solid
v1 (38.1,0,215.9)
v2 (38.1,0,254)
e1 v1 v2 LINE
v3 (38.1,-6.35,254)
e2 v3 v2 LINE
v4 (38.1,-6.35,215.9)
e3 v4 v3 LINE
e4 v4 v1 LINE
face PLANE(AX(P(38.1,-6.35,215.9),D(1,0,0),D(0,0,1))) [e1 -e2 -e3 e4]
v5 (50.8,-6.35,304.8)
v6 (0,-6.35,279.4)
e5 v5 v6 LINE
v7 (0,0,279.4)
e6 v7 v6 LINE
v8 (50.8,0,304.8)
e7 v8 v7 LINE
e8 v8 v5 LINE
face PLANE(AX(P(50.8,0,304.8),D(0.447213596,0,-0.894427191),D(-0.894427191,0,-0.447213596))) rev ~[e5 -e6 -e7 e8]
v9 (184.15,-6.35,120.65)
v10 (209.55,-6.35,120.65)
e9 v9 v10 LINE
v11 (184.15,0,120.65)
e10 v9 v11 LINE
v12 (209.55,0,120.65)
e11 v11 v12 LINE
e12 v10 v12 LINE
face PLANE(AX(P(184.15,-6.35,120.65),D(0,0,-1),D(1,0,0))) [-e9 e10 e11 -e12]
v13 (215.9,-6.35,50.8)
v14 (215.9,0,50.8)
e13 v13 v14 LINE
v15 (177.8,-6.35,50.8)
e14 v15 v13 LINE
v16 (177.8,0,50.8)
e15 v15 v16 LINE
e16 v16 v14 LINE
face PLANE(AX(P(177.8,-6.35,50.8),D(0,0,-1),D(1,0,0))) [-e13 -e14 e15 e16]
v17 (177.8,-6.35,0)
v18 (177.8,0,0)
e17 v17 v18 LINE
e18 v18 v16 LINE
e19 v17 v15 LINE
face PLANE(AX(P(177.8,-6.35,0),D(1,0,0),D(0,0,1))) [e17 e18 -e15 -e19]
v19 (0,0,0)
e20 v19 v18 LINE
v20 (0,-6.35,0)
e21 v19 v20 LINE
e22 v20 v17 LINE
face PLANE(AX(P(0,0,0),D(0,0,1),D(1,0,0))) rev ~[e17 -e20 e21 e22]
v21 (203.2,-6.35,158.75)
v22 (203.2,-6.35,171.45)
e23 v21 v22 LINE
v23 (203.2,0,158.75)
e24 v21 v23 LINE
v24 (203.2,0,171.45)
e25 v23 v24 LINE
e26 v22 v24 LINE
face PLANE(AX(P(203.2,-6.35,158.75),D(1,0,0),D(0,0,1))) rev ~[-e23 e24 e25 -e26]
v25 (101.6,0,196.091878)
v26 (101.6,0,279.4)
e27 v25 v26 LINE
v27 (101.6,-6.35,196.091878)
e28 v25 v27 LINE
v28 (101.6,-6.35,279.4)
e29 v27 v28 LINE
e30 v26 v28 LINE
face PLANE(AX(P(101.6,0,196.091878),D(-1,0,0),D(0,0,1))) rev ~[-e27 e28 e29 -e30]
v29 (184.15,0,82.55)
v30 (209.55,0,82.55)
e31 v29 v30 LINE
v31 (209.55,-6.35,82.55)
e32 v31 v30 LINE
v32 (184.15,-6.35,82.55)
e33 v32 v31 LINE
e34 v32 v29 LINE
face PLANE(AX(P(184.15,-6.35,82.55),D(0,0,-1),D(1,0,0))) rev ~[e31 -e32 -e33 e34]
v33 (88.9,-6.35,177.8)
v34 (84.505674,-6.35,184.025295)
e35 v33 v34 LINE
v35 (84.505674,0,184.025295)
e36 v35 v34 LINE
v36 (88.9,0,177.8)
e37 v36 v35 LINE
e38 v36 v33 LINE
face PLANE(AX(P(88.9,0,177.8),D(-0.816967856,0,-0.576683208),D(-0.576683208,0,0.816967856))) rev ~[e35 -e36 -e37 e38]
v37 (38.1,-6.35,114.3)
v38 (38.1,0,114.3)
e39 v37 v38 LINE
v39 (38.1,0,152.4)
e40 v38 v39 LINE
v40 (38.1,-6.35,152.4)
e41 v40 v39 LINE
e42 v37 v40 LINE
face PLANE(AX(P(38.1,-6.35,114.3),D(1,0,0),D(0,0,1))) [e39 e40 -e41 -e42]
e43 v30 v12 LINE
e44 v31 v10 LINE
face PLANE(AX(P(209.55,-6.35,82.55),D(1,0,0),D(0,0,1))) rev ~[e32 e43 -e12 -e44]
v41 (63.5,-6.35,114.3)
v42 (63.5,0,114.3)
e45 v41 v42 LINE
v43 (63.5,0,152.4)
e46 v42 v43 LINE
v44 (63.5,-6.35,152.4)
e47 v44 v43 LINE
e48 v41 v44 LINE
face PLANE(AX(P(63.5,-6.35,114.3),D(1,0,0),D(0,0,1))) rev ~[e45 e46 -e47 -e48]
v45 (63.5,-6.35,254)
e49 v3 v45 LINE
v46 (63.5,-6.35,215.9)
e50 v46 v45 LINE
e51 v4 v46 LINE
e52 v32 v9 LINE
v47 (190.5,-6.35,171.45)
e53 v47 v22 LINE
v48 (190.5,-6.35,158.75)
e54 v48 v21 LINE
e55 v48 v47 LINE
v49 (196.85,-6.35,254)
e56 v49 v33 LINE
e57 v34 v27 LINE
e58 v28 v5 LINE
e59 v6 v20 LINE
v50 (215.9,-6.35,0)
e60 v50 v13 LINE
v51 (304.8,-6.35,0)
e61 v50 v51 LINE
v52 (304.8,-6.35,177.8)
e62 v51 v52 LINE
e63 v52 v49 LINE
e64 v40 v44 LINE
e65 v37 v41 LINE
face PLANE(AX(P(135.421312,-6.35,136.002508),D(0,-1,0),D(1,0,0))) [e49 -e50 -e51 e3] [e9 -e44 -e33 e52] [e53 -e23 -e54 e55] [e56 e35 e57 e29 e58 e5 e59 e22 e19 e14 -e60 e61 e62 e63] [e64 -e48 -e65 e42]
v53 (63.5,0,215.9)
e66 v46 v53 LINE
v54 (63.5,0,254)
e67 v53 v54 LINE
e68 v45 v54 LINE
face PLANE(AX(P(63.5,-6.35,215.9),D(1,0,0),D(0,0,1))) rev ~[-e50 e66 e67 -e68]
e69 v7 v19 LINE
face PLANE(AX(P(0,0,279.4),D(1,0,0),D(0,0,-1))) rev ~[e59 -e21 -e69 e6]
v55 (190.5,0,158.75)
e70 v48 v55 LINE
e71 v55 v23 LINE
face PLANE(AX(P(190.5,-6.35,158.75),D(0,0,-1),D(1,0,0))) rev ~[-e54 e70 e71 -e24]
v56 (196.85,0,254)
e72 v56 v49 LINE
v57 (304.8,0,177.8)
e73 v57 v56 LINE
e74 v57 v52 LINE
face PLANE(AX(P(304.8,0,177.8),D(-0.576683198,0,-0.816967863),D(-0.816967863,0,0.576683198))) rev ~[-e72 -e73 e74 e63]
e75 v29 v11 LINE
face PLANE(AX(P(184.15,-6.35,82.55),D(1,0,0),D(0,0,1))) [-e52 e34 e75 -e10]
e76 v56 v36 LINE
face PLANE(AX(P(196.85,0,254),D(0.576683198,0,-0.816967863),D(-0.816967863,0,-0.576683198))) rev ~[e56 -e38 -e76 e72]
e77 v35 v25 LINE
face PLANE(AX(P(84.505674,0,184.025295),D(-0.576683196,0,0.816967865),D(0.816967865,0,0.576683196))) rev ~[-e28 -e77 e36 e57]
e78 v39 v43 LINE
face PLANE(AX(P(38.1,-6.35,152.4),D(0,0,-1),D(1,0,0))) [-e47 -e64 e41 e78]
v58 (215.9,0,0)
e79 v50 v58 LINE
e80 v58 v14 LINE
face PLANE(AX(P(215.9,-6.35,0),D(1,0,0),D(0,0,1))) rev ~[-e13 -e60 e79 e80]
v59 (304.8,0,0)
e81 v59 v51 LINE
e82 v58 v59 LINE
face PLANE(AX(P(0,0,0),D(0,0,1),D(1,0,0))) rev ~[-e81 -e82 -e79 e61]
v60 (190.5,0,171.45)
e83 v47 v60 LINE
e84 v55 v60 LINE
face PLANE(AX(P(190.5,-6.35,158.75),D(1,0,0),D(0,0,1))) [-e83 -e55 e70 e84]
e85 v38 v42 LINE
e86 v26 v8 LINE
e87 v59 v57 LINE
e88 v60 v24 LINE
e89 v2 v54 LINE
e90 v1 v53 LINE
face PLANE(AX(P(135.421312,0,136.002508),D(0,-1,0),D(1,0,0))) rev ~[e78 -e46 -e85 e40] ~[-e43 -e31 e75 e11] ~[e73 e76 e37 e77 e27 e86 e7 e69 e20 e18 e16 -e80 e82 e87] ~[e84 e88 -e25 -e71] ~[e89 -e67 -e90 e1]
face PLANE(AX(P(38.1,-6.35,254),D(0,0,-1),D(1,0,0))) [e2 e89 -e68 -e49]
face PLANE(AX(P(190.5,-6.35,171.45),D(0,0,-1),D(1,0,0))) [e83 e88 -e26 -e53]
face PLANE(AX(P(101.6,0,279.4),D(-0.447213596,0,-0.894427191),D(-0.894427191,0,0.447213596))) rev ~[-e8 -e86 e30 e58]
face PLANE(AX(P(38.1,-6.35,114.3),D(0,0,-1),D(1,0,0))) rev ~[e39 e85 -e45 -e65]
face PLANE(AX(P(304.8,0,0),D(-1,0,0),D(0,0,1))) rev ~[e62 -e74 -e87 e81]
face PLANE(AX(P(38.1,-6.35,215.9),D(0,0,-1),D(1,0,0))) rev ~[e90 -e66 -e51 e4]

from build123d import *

# Parameters (mm, degrees)
F1_DEPTH = 6.35
F2_W     = 25.4
F2_H     = 38.1
F2_W_2   = 38.1
F2_H_2   = 50.8
F2_W_3   = 12.7
F2_H_3   = 12.7
F3_DEPTH = 6.351


with BuildPart() as f1:
    # F0 (on Front) → F1 (new body)
    with BuildSketch(Plane.XZ):
        Polygon((0, 279.4), (0, 0), (304.8, 0), (304.8, 177.8), (196.85, 254), (88.9, 177.8), (84.505674, 184.025295), (101.6, 196.091878), (101.6, 279.4), (50.8, 304.8), align=None)
    extrude(amount=F1_DEPTH)

    # F2 (on face) → F3 (cut, through all)
    with BuildSketch(Plane.XZ.offset(6.35)):
        with Locations((50.8, 234.95)):
            Rectangle(F2_W, F2_H)
        with Locations((50.8, 133.35)):
            Rectangle(F2_W, F2_H)
        with Locations((196.85, 101.6)):
            Rectangle(F2_W, F2_H)
        with Locations((196.85, 25.4)):
            Rectangle(F2_W_2, F2_H_2)
        with Locations((196.85, 165.1)):
            Rectangle(F2_W_3, F2_H_3)
    extrude(amount=-F3_DEPTH, mode=Mode.SUBTRACT)


solid = f1.part
